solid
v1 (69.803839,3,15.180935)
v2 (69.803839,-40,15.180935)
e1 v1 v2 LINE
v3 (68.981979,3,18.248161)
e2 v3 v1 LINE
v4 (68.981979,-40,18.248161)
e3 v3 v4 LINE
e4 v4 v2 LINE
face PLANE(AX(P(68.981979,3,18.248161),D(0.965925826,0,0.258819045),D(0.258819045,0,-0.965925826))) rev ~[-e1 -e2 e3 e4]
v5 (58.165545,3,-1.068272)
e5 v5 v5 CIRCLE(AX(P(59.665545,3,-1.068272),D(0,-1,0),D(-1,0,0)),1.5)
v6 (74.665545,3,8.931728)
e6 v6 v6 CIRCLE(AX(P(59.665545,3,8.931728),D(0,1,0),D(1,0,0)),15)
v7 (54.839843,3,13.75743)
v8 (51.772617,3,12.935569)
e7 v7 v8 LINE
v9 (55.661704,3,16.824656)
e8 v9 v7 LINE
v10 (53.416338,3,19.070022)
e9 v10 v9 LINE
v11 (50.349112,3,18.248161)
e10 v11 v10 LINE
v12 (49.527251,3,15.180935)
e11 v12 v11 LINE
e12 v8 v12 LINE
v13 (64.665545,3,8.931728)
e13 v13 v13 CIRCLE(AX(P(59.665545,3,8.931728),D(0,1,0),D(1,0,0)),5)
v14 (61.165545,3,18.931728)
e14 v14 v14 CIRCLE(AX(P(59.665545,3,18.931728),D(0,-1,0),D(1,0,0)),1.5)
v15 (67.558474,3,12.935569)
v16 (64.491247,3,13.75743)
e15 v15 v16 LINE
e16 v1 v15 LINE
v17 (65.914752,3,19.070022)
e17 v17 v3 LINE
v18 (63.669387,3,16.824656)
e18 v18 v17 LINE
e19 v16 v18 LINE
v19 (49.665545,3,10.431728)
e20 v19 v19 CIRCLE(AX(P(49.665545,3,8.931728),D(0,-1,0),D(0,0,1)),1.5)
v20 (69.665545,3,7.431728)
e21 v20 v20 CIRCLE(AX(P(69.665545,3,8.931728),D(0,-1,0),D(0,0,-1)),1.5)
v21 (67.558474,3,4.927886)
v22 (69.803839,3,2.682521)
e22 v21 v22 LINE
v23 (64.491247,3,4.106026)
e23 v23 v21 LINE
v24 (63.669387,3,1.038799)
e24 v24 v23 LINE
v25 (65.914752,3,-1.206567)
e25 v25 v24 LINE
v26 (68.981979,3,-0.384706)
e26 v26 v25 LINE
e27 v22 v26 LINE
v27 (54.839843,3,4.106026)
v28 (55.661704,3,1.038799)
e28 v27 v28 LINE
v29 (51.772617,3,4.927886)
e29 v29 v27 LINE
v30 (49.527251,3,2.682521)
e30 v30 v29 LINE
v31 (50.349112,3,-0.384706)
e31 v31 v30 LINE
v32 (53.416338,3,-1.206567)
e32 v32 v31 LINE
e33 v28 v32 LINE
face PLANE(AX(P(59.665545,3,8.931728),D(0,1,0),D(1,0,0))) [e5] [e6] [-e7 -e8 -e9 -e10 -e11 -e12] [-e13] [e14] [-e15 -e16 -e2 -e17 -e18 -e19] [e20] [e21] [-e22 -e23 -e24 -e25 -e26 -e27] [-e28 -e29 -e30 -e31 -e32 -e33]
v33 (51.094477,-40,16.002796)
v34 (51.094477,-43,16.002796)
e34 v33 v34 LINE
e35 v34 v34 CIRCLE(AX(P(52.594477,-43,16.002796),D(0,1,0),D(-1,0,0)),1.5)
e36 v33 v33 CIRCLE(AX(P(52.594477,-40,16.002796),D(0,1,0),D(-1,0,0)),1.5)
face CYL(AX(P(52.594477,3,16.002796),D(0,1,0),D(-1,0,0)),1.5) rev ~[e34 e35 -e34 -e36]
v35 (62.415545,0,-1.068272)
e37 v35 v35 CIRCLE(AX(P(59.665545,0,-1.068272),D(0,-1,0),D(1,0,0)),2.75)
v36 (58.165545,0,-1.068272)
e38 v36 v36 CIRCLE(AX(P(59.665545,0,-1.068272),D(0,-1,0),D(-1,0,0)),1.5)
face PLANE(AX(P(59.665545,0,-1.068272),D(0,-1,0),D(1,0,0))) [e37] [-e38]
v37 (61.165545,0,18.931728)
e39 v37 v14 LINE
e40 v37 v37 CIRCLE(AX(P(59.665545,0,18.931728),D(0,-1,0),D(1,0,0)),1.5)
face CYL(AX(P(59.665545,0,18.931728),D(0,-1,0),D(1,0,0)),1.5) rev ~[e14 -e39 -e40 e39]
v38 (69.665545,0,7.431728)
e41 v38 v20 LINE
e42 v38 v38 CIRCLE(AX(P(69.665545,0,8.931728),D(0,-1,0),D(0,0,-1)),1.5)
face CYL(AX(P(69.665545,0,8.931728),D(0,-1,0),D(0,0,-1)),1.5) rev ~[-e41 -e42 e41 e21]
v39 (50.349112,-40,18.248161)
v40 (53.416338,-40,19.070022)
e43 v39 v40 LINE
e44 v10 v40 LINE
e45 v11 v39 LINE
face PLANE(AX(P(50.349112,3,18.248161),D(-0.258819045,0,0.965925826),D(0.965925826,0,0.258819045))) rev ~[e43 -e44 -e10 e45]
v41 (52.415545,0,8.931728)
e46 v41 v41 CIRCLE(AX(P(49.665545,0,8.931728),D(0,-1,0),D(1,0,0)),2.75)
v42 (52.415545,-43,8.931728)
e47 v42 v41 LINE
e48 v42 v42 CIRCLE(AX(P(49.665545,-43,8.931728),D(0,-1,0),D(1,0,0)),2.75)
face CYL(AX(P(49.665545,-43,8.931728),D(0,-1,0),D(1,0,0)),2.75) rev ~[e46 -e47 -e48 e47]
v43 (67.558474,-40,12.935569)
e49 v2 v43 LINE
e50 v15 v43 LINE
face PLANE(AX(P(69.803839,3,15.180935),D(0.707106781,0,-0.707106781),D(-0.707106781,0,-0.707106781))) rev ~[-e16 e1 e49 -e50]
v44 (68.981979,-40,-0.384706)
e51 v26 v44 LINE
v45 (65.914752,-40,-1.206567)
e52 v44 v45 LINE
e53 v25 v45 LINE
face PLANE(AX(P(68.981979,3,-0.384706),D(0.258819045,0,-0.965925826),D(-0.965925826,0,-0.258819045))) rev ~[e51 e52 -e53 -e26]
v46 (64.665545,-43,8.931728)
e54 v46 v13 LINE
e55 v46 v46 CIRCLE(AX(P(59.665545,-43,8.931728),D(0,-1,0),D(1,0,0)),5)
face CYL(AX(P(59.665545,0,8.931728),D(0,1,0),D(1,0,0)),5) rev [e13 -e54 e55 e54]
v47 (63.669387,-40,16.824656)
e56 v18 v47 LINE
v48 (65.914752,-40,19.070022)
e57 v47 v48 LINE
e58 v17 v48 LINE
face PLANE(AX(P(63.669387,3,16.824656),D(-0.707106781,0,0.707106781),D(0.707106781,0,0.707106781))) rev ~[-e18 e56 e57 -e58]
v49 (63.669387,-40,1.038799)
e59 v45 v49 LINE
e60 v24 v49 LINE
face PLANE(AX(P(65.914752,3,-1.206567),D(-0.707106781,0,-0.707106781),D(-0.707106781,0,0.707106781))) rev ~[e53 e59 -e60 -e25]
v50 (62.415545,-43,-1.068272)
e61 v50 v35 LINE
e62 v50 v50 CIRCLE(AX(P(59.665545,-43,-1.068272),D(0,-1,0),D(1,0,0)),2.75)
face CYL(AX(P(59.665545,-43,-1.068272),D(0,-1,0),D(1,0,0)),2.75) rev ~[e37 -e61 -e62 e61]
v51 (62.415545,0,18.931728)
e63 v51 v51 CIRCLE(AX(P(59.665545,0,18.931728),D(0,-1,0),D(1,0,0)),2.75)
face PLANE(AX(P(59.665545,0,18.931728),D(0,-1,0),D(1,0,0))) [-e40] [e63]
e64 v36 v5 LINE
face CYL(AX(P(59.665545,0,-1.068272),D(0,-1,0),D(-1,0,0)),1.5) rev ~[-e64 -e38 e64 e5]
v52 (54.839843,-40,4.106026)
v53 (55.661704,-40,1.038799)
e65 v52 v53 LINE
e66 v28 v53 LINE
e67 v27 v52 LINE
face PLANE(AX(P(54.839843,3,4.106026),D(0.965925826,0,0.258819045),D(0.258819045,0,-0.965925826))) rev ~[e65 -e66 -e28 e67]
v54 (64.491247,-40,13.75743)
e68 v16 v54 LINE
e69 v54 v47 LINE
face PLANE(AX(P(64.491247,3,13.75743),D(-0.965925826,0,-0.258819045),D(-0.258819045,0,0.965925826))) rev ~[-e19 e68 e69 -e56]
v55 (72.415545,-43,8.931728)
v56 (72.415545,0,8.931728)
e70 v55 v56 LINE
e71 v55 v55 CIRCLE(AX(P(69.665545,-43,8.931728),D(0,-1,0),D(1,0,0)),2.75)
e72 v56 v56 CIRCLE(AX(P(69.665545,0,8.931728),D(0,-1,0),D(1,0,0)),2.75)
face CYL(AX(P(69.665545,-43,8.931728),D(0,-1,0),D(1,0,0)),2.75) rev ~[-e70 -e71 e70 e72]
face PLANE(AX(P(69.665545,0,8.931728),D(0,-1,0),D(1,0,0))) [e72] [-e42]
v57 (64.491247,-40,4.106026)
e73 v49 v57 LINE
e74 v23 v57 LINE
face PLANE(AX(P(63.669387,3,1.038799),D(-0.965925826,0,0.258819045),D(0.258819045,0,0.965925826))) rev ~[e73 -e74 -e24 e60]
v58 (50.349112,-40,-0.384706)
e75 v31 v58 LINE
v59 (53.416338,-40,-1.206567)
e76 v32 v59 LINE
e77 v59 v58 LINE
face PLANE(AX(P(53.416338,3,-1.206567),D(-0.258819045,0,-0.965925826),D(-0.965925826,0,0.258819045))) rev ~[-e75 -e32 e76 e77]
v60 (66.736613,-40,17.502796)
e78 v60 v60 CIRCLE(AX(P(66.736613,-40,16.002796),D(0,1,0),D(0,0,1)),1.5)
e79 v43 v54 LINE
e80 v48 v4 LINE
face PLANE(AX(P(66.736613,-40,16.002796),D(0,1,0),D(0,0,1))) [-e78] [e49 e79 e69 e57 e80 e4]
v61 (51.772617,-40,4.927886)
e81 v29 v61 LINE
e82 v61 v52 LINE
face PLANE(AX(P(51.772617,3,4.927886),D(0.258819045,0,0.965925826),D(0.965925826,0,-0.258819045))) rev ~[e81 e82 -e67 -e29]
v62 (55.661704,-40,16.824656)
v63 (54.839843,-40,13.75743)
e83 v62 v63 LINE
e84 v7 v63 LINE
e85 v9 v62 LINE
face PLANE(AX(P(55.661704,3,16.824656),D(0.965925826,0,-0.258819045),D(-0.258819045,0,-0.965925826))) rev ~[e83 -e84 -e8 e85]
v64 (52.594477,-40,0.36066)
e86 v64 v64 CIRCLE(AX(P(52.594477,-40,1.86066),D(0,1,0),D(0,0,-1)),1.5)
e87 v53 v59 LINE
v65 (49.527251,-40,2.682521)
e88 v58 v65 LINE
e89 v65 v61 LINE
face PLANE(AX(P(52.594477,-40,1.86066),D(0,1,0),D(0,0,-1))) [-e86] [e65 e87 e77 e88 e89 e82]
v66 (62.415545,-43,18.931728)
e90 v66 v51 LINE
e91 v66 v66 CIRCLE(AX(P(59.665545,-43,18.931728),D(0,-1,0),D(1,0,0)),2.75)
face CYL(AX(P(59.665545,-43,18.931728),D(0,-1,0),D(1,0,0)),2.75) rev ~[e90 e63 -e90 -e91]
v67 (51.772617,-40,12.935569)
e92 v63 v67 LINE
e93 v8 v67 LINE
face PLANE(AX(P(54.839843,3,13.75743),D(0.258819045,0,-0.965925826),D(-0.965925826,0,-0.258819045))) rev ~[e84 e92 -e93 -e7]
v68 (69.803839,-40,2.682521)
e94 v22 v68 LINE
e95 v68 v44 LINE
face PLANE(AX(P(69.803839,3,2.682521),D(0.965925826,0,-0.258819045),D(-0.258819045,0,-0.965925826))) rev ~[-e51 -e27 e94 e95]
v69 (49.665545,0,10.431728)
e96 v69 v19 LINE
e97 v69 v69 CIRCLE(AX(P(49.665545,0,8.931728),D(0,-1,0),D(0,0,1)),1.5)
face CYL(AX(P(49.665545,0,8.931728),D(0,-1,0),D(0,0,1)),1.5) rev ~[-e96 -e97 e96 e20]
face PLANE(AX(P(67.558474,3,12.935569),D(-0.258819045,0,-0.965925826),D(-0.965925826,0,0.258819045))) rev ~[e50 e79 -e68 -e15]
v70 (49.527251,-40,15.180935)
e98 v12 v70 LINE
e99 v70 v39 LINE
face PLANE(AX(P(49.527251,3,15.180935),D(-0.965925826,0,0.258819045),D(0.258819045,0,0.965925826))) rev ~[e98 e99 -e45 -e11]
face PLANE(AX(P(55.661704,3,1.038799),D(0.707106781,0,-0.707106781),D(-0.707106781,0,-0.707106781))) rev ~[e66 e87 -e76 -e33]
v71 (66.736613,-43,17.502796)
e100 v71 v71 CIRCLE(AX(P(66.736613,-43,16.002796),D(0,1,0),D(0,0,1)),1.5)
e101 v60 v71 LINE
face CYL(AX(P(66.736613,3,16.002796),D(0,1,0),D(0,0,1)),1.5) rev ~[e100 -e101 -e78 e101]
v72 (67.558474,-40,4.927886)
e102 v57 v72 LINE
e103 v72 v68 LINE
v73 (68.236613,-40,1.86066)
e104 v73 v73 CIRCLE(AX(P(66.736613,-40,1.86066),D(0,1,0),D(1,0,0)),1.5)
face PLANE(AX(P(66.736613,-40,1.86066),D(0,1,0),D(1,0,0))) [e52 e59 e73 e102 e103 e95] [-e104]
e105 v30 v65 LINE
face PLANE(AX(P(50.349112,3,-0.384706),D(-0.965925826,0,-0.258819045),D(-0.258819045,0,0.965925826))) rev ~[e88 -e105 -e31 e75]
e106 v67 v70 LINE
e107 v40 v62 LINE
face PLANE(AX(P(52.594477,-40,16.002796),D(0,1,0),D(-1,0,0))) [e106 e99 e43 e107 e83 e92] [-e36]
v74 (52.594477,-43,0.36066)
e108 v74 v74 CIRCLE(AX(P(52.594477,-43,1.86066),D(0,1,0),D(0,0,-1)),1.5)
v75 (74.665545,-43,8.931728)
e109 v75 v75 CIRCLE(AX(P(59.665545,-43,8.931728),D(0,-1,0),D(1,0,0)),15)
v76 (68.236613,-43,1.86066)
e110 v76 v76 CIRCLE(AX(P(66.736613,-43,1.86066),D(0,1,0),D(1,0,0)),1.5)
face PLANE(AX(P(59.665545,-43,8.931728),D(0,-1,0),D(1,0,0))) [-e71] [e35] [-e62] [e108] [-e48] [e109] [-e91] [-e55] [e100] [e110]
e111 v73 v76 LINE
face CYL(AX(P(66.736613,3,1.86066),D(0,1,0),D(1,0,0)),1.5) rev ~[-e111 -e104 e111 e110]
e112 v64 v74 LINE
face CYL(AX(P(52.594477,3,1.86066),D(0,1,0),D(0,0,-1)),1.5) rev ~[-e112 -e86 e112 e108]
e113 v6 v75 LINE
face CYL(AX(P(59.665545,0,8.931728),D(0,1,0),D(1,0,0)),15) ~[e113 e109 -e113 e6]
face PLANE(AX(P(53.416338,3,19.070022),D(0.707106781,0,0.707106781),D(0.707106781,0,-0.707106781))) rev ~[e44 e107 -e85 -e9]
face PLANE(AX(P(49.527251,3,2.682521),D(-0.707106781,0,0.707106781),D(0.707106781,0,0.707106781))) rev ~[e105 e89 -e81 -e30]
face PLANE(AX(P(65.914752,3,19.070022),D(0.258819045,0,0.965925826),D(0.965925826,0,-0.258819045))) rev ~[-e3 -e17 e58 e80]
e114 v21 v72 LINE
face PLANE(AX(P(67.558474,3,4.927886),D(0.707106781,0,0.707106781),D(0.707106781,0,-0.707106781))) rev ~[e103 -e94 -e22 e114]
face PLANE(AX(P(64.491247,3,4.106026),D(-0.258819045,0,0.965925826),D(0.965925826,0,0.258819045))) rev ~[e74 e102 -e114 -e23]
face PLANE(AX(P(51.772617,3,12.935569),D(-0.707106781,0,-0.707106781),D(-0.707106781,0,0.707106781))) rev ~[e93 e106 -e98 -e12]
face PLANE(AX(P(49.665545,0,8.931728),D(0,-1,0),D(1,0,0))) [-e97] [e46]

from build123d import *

# Parameters (mm, degrees)
SKETCH_1_R               = 15
SKETCH_1_R_2             = 5
EXTRUDE_4_DEPTH          = 3
SKETCH_1_R_3             = 3.5
SKETCH_1_R_4             = 2.1
EXTRUDE_4_2_DEPTH        = 3
EXTRUDE_5_DEPTH          = 3
PATTERN_CIRCULAR_2_COUNT = 4
SKETCH_6_R               = 3.5
SKETCH_6_R_2             = 2.1
EXTRUDE_6_DEPTH          = 3
PATTERN_CIRCULAR_3_COUNT = 4
SKETCH_7_R               = 15
SKETCH_7_R_2             = 5
EXTRUDE_7_DEPTH          = 46
CUT_EXTRUDE_1_DEPTH      = 46
PATTERN_CIRCULAR_4_COUNT = 4
SKETCH_11_R              = 1.5
CUT_EXTRUDE_2_DEPTH      = 3
PATTERN_CIRCULAR_5_COUNT = 4
EXTRUDE_8_DEPTH          = 3
EXTRUDE_9_DEPTH          = 3
EXTRUDE_10_DEPTH         = 3
EXTRUDE_11_DEPTH         = 3
EXTRUDE_13_DEPTH         = 3
EXTRUDE_14_DEPTH         = 3
CUT_EXTRUDE_3_DEPTH      = 2.5
SKETCH_19_R              = 1.5
CUT_EXTRUDE_4_DEPTH      = 2.5
SKETCH_20_R              = 1.5
CUT_EXTRUDE_5_DEPTH      = 2.5
SKETCH_21_R              = 15
SKETCH_21_R_2            = 5
EXTRUDE_15_DEPTH         = 3
SKETCH_22_R              = 1.5
CUT_EXTRUDE_6_DEPTH      = 3
PATTERN_CIRCULAR_6_COUNT = 4
EXTRUDE_16_DEPTH         = 3
CUT_EXTRUDE_7_DEPTH      = 3
SKETCH_25_R              = 15
SKETCH_25_R_2            = 5
EXTRUDE_17_DEPTH         = 43
SKETCH_27_R              = 1.5
CUT_EXTRUDE_8_DEPTH      = 46
SKETCH_28_R              = 2.75
CUT_EXTRUDE_9_DEPTH      = 43
SKETCH_29_R              = 1.5
CUT_EXTRUDE_10_DEPTH     = 46
PATTERN_CIRCULAR_7_COUNT = 4
CUT_EXTRUDE_11_DEPTH     = 43
PATTERN_CIRCULAR_8_COUNT = 4
SKETCH_31_R              = 35.862393663
CUT_EXTRUDE_12_DEPTH     = 100


with BuildPart() as part:
    # 草图1 → 凸台-拉伸4 (new body)
    with BuildSketch(Plane(origin=(0, 0, 0), x_dir=(1, 0, 0), z_dir=(0, 1, 0))):
        with Locations((-5.372895461, -8.931727747)):
            Circle(SKETCH_1_R)
        with Locations((-5.372895461, -8.931727747)):
            Circle(SKETCH_1_R_2, mode=Mode.SUBTRACT)
    extrude(amount=EXTRUDE_4_DEPTH)



with BuildPart() as body_2:
    # 草图1 → Extrude 4 2 (new body)
    with BuildSketch(Plane(origin=(0, 0, 0), x_dir=(1, 0, 0), z_dir=(0, 1, 0))):
        with Locations((-22.372895461, 8.068272253)):
            Circle(SKETCH_1_R_3)
        with Locations((-22.372895461, 8.068272253)):
            Circle(SKETCH_1_R_4, mode=Mode.SUBTRACT)
    extrude(amount=EXTRUDE_4_2_DEPTH)


with BuildPart() as part_1:
    add(part.part)

    add(body_2.part)  # 凸台-拉伸5 merges body 2
    # 草图5 → 凸台-拉伸5 (add)
    with BuildSketch(Plane(origin=(0, 0, 0), x_dir=(1, 0, 0), z_dir=(0, 1, 0))):
        Polygon((-22.372895461, 4.568272253), (-10.372895461, -8.931727747), (-10.372895461, -3.931727747), (-5.372895461, -3.931727747), (-18.872895461, 8.068272253), align=None)
    extrude_5 = extrude(amount=EXTRUDE_5_DEPTH)

    # 阵列(圆周)2: 凸台-拉伸5 ×4 about axis
    pattern_circular_2_axis = Axis((-5.372895461, 0, 8.931727747), (0, 1, 0))
    for i in range(1, PATTERN_CIRCULAR_2_COUNT):
        add(extrude_5.rotate(pattern_circular_2_axis, i * 360 / PATTERN_CIRCULAR_2_COUNT))

    # 草图6 → 凸台-拉伸6 (add)
    with BuildSketch(Plane(origin=(0, 3, 0), x_dir=(1, 0, 0), z_dir=(0, 1, 0))):
        with Locations((11.627104539, 8.068272253)):
            Circle(SKETCH_6_R)
        with Locations((11.627104539, 8.068272253)):
            Circle(SKETCH_6_R_2, mode=Mode.SUBTRACT)
    extrude_6 = extrude(amount=-EXTRUDE_6_DEPTH)

    # 阵列(圆周)3: 凸台-拉伸6 ×4 about axis
    pattern_circular_3_axis = Axis((-5.372895461, 0, 8.931727747), (0, 1, 0))
    for i in range(1, PATTERN_CIRCULAR_3_COUNT):
        add(extrude_6.rotate(pattern_circular_3_axis, i * 360 / PATTERN_CIRCULAR_3_COUNT))

    # 草图7 → 凸台-拉伸7 (add)
    with BuildSketch(Plane.XZ):
        with Locations((-5.372895461, 8.931727747)):
            Circle(SKETCH_7_R)
        with Locations((-5.372895461, 8.931727747)):
            Circle(SKETCH_7_R_2, mode=Mode.SUBTRACT)
    extrude(amount=EXTRUDE_7_DEPTH)

    # 草图9 → 切除-拉伸1 (cut)
    with BuildSketch(Plane(origin=(0, 3, 0), x_dir=(1, 0, 0), z_dir=(0, 1, 0))):
        Polygon((0.876311502, -19.070022006), (-1.369054096, -16.824656408), (-0.547193246, -13.757429961), (2.520033201, -12.935569112), (4.765398798, -15.180934709), (3.943537949, -18.248161156), align=None)
    cut_extrude_1 = extrude(amount=-CUT_EXTRUDE_1_DEPTH, mode=Mode.SUBTRACT)

    # 阵列(圆周)4: 切除-拉伸1 ×4 about axis
    pattern_circular_4_axis = Axis((-5.372895461, 0, 8.931727747), (0, 1, 0))
    for i in range(1, PATTERN_CIRCULAR_4_COUNT):
        add(cut_extrude_1.rotate(pattern_circular_4_axis, i * 360 / PATTERN_CIRCULAR_4_COUNT), mode=Mode.SUBTRACT)

    # 草图11 → 切除-拉伸2 (cut)
    with BuildSketch(Plane(origin=(0, -43, 0), x_dir=(1, 0, 0), z_dir=(0, 1, 0))):
        with Locations((1.698172351, -1.860659935)):
            Circle(SKETCH_11_R)
    cut_extrude_2 = extrude(amount=-CUT_EXTRUDE_2_DEPTH, mode=Mode.SUBTRACT)

    # 阵列(圆周)5: 切除-拉伸2 ×4 about axis
    pattern_circular_5_axis = Axis((-5.372895461, 0, 8.931727747), (0, 1, 0))
    for i in range(1, PATTERN_CIRCULAR_5_COUNT):
        add(cut_extrude_2.rotate(pattern_circular_5_axis, i * 360 / PATTERN_CIRCULAR_5_COUNT), mode=Mode.SUBTRACT)

    # 草图12 → 凸台-拉伸8 (add)
    with BuildSketch(Plane(origin=(0, 3, 0), x_dir=(1, 0, 0), z_dir=(0, 1, 0))):
        Polygon((15.127104539, 8.068272253), (15.127104539, -25.931727747), (11.627104539, -22.431727747), (11.627104539, 4.568272253), align=None)
    extrude(amount=-EXTRUDE_8_DEPTH)

    # 草图13 → 凸台-拉伸9 (add)
    with BuildSketch(Plane(origin=(0, 3, 0), x_dir=(1, 0, 0), z_dir=(0, 1, 0))):
        Polygon((11.627104539, 11.568272253), (-22.372895461, 11.568272253), (-18.872895461, 8.068272253), (8.127104539, 8.068272253), align=None)
    extrude(amount=-EXTRUDE_9_DEPTH)

    # 草图14 → 凸台-拉伸10 (add)
    with BuildSketch(Plane(origin=(0, 3, 0), x_dir=(1, 0, 0), z_dir=(0, 1, 0))):
        Polygon((-25.872895461, 8.068272253), (-25.872895461, -25.931727747), (-22.372895461, -22.431727747), (-22.372895461, 4.568272253), align=None)
    extrude(amount=-EXTRUDE_10_DEPTH)

    # 草图15 → 凸台-拉伸11 (add)
    with BuildSketch(Plane(origin=(0, 3, 0), x_dir=(1, 0, 0), z_dir=(0, 1, 0))):
        Polygon((-22.372895461, -29.431727747), (11.627104539, -29.431727747), (8.127104539, -25.931727747), (-18.872895461, -25.931727747), align=None)
    extrude(amount=-EXTRUDE_11_DEPTH)

    # 草图16 → 凸台-拉伸13 (add)
    with BuildSketch(Plane.XZ):
        Polygon((-10.747895461, -4.193272253), (0.002104539, -4.193272253), (5.163560245, -8.068272253), (4.99115505, -11.568272253), (0.002104539, -14.943272253), (-10.747895461, -14.943272253), (-15.736945971, -11.568272253), (-15.909351166, -8.068272253), align=None)
        Polygon((-7.57246898, -9.568272253), (-9.16018222, -6.818272253), (-12.335608701, -6.818272253), (-13.923321941, -9.568272253), (-12.335608701, -12.318272253), (-9.16018222, -12.318272253), align=None, mode=Mode.SUBTRACT)
        Polygon((3.17753102, -9.568272253), (1.58981778, -6.818272253), (-1.585608701, -6.818272253), (-3.173321941, -9.568272253), (-1.585608701, -12.318272253), (1.58981778, -12.318272253), align=None, mode=Mode.SUBTRACT)
    extrude(amount=-EXTRUDE_13_DEPTH)

    # 草图18 → 凸台-拉伸14 (add)
    with BuildSketch(Plane.XZ):
        Polygon((-7.57246898, -9.568272253), (-9.16018222, -6.818272253), (-12.335608701, -6.818272253), (-13.923321941, -9.568272253), (-12.335608701, -12.318272253), (-9.16018222, -12.318272253), align=None)
        Polygon((3.17753102, -9.568272253), (1.58981778, -6.818272253), (-1.585608701, -6.818272253), (-3.173321941, -9.568272253), (-1.585608701, -12.318272253), (1.58981778, -12.318272253), align=None)
    extrude(amount=-EXTRUDE_14_DEPTH)

    # 草图17 → 切除-拉伸3 (cut)
    with BuildSketch(Plane.XZ):
        Polygon((-7.57246898, -9.568272253), (-9.16018222, -6.818272253), (-12.335608701, -6.818272253), (-13.923321941, -9.568272253), (-12.335608701, -12.318272253), (-9.16018222, -12.318272253), align=None)
        Polygon((3.17753102, -9.568272253), (1.58981778, -6.818272253), (-1.585608701, -6.818272253), (-3.173321941, -9.568272253), (-1.585608701, -12.318272253), (1.58981778, -12.318272253), align=None)
    extrude(amount=-CUT_EXTRUDE_3_DEPTH, mode=Mode.SUBTRACT)

    # 草图19 → 切除-拉伸4 (cut)
    with BuildSketch(Plane.XZ.offset(-2.5)):
        with Locations((0.002104539, -9.568272253)):
            Circle(SKETCH_19_R)
    extrude(amount=-CUT_EXTRUDE_4_DEPTH, mode=Mode.SUBTRACT)

    # 草图20 → 切除-拉伸5 (cut)
    with BuildSketch(Plane.XZ.offset(-2.5)):
        with Locations((-10.747895461, -9.568272253)):
            Circle(SKETCH_20_R)
    extrude(amount=-CUT_EXTRUDE_5_DEPTH, mode=Mode.SUBTRACT)

    # 草图8 → 凸台-拉伸16 (add)
    with BuildSketch(Plane.XZ.offset(46)):
        Polygon((3.943537949, 18.248161156), (0.876311502, 19.070022006), (-1.369054096, 16.824656408), (-0.547193246, 13.757429961), (2.520033201, 12.935569112), (4.765398798, 15.180934709), align=None)
    extrude(amount=EXTRUDE_16_DEPTH)

    # 草图24 → 切除-拉伸7 (cut)
    with BuildSketch(Plane.XZ.offset(49)):
        Polygon((4.765398798, 15.180934709), (3.943537949, 18.248161156), (0.876311502, 19.070022006), (-1.369054096, 16.824656408), (-0.547193246, 13.757429961), (2.520033201, 12.935569112), align=None)
    extrude(amount=-CUT_EXTRUDE_7_DEPTH, mode=Mode.SUBTRACT)

    # 草图31 → 切除-拉伸12 (cut)
    with BuildSketch(Plane(origin=(0, 3, 0), x_dir=(1, 0, 0), z_dir=(0, 1, 0))):
        with Locations((-6.301118326, -7.45969761)):
            Circle(SKETCH_31_R)
    extrude(amount=-CUT_EXTRUDE_12_DEPTH, mode=Mode.SUBTRACT)


with BuildPart() as body_2_2:
    # 草图21 → 凸台-拉伸15 (new body)
    with BuildSketch(Plane(origin=(0, 0, 0), x_dir=(1, 0, 0), z_dir=(0, 1, 0))):
        with Locations((59.665545214, -8.931727747)):
            Circle(SKETCH_21_R)
        with Locations((59.665545214, -8.931727747)):
            Circle(SKETCH_21_R_2, mode=Mode.SUBTRACT)
    extrude(amount=EXTRUDE_15_DEPTH)

    # 草图22 → 切除-拉伸6 (cut)
    with BuildSketch(Plane.XZ):
        with Locations((59.665545214, 18.931727747)):
            Circle(SKETCH_22_R)
    cut_extrude_6 = extrude(amount=-CUT_EXTRUDE_6_DEPTH, mode=Mode.SUBTRACT)

    # 阵列(圆周)6: 切除-拉伸6 ×4 about axis
    pattern_circular_6_axis = Axis((59.665545214, 0, 8.931727747), (0, 1, 0))
    for i in range(1, PATTERN_CIRCULAR_6_COUNT):
        add(cut_extrude_6.rotate(pattern_circular_6_axis, i * 360 / PATTERN_CIRCULAR_6_COUNT), mode=Mode.SUBTRACT)

    # 草图25 → 凸台-拉伸17 (add)
    with BuildSketch(Plane.XZ):
        with Locations((59.665545214, 8.931727747)):
            Circle(SKETCH_25_R)
        with Locations((59.665545214, 8.931727747)):
            Circle(SKETCH_25_R_2, mode=Mode.SUBTRACT)
    extrude(amount=EXTRUDE_17_DEPTH)

    # 草图27 → 切除-拉伸8 (cut)
    with BuildSketch(Plane(origin=(0, 3, 0), x_dir=(1, 0, 0), z_dir=(0, 1, 0))):
        with Locations((59.665545214, 1.068272253)):
            Circle(SKETCH_27_R)
        with Locations((69.665545214, -8.931727747)):
            Circle(SKETCH_27_R)
        with Locations((59.665545214, -18.931727747)):
            Circle(SKETCH_27_R)
        with Locations((49.665545214, -8.931727747)):
            Circle(SKETCH_27_R)
    extrude(amount=-CUT_EXTRUDE_8_DEPTH, mode=Mode.SUBTRACT)

    # 草图28 → 切除-拉伸9 (cut)
    with BuildSketch(Plane.XZ.offset(43)):
        with Locations((59.665545214, 18.931727747)):
            Circle(SKETCH_28_R)
        with Locations((49.665545214, 8.931727747)):
            Circle(SKETCH_28_R)
        with Locations((59.665545214, -1.068272253)):
            Circle(SKETCH_28_R)
        with Locations((69.665545214, 8.931727747)):
            Circle(SKETCH_28_R)
    extrude(amount=-CUT_EXTRUDE_9_DEPTH, mode=Mode.SUBTRACT)

    # 草图29 → 切除-拉伸10 (cut)
    with BuildSketch(Plane(origin=(0, 3, 0), x_dir=(1, 0, 0), z_dir=(0, 1, 0))):
        with Locations((66.736613026, -1.860659935)):
            Circle(SKETCH_29_R)
    cut_extrude_10 = extrude(amount=-CUT_EXTRUDE_10_DEPTH, mode=Mode.SUBTRACT)

    # 阵列(圆周)7: 切除-拉伸10 ×4 about axis
    pattern_circular_7_axis = Axis((59.665545214, 0, 8.931727747), (0, 1, 0))
    for i in range(1, PATTERN_CIRCULAR_7_COUNT):
        add(cut_extrude_10.rotate(pattern_circular_7_axis, i * 360 / PATTERN_CIRCULAR_7_COUNT), mode=Mode.SUBTRACT)

    # 草图30 → 切除-拉伸11 (cut)
    with BuildSketch(Plane(origin=(0, 3, 0), x_dir=(1, 0, 0), z_dir=(0, 1, 0))):
        Polygon((64.491247429, -4.106025533), (67.558473876, -4.927886382), (69.803839473, -2.682520785), (68.981978624, 0.384705662), (65.914752177, 1.206566512), (63.669386579, -1.038799086), align=None)
    cut_extrude_11 = extrude(amount=-CUT_EXTRUDE_11_DEPTH, mode=Mode.SUBTRACT)

    # 阵列(圆周)8: 切除-拉伸11 ×4 about axis
    pattern_circular_8_axis = Axis((59.665545214, 0, 8.931727747), (0, 1, 0))
    for i in range(1, PATTERN_CIRCULAR_8_COUNT):
        add(cut_extrude_11.rotate(pattern_circular_8_axis, i * 360 / PATTERN_CIRCULAR_8_COUNT), mode=Mode.SUBTRACT)


solid = body_2_2.part
